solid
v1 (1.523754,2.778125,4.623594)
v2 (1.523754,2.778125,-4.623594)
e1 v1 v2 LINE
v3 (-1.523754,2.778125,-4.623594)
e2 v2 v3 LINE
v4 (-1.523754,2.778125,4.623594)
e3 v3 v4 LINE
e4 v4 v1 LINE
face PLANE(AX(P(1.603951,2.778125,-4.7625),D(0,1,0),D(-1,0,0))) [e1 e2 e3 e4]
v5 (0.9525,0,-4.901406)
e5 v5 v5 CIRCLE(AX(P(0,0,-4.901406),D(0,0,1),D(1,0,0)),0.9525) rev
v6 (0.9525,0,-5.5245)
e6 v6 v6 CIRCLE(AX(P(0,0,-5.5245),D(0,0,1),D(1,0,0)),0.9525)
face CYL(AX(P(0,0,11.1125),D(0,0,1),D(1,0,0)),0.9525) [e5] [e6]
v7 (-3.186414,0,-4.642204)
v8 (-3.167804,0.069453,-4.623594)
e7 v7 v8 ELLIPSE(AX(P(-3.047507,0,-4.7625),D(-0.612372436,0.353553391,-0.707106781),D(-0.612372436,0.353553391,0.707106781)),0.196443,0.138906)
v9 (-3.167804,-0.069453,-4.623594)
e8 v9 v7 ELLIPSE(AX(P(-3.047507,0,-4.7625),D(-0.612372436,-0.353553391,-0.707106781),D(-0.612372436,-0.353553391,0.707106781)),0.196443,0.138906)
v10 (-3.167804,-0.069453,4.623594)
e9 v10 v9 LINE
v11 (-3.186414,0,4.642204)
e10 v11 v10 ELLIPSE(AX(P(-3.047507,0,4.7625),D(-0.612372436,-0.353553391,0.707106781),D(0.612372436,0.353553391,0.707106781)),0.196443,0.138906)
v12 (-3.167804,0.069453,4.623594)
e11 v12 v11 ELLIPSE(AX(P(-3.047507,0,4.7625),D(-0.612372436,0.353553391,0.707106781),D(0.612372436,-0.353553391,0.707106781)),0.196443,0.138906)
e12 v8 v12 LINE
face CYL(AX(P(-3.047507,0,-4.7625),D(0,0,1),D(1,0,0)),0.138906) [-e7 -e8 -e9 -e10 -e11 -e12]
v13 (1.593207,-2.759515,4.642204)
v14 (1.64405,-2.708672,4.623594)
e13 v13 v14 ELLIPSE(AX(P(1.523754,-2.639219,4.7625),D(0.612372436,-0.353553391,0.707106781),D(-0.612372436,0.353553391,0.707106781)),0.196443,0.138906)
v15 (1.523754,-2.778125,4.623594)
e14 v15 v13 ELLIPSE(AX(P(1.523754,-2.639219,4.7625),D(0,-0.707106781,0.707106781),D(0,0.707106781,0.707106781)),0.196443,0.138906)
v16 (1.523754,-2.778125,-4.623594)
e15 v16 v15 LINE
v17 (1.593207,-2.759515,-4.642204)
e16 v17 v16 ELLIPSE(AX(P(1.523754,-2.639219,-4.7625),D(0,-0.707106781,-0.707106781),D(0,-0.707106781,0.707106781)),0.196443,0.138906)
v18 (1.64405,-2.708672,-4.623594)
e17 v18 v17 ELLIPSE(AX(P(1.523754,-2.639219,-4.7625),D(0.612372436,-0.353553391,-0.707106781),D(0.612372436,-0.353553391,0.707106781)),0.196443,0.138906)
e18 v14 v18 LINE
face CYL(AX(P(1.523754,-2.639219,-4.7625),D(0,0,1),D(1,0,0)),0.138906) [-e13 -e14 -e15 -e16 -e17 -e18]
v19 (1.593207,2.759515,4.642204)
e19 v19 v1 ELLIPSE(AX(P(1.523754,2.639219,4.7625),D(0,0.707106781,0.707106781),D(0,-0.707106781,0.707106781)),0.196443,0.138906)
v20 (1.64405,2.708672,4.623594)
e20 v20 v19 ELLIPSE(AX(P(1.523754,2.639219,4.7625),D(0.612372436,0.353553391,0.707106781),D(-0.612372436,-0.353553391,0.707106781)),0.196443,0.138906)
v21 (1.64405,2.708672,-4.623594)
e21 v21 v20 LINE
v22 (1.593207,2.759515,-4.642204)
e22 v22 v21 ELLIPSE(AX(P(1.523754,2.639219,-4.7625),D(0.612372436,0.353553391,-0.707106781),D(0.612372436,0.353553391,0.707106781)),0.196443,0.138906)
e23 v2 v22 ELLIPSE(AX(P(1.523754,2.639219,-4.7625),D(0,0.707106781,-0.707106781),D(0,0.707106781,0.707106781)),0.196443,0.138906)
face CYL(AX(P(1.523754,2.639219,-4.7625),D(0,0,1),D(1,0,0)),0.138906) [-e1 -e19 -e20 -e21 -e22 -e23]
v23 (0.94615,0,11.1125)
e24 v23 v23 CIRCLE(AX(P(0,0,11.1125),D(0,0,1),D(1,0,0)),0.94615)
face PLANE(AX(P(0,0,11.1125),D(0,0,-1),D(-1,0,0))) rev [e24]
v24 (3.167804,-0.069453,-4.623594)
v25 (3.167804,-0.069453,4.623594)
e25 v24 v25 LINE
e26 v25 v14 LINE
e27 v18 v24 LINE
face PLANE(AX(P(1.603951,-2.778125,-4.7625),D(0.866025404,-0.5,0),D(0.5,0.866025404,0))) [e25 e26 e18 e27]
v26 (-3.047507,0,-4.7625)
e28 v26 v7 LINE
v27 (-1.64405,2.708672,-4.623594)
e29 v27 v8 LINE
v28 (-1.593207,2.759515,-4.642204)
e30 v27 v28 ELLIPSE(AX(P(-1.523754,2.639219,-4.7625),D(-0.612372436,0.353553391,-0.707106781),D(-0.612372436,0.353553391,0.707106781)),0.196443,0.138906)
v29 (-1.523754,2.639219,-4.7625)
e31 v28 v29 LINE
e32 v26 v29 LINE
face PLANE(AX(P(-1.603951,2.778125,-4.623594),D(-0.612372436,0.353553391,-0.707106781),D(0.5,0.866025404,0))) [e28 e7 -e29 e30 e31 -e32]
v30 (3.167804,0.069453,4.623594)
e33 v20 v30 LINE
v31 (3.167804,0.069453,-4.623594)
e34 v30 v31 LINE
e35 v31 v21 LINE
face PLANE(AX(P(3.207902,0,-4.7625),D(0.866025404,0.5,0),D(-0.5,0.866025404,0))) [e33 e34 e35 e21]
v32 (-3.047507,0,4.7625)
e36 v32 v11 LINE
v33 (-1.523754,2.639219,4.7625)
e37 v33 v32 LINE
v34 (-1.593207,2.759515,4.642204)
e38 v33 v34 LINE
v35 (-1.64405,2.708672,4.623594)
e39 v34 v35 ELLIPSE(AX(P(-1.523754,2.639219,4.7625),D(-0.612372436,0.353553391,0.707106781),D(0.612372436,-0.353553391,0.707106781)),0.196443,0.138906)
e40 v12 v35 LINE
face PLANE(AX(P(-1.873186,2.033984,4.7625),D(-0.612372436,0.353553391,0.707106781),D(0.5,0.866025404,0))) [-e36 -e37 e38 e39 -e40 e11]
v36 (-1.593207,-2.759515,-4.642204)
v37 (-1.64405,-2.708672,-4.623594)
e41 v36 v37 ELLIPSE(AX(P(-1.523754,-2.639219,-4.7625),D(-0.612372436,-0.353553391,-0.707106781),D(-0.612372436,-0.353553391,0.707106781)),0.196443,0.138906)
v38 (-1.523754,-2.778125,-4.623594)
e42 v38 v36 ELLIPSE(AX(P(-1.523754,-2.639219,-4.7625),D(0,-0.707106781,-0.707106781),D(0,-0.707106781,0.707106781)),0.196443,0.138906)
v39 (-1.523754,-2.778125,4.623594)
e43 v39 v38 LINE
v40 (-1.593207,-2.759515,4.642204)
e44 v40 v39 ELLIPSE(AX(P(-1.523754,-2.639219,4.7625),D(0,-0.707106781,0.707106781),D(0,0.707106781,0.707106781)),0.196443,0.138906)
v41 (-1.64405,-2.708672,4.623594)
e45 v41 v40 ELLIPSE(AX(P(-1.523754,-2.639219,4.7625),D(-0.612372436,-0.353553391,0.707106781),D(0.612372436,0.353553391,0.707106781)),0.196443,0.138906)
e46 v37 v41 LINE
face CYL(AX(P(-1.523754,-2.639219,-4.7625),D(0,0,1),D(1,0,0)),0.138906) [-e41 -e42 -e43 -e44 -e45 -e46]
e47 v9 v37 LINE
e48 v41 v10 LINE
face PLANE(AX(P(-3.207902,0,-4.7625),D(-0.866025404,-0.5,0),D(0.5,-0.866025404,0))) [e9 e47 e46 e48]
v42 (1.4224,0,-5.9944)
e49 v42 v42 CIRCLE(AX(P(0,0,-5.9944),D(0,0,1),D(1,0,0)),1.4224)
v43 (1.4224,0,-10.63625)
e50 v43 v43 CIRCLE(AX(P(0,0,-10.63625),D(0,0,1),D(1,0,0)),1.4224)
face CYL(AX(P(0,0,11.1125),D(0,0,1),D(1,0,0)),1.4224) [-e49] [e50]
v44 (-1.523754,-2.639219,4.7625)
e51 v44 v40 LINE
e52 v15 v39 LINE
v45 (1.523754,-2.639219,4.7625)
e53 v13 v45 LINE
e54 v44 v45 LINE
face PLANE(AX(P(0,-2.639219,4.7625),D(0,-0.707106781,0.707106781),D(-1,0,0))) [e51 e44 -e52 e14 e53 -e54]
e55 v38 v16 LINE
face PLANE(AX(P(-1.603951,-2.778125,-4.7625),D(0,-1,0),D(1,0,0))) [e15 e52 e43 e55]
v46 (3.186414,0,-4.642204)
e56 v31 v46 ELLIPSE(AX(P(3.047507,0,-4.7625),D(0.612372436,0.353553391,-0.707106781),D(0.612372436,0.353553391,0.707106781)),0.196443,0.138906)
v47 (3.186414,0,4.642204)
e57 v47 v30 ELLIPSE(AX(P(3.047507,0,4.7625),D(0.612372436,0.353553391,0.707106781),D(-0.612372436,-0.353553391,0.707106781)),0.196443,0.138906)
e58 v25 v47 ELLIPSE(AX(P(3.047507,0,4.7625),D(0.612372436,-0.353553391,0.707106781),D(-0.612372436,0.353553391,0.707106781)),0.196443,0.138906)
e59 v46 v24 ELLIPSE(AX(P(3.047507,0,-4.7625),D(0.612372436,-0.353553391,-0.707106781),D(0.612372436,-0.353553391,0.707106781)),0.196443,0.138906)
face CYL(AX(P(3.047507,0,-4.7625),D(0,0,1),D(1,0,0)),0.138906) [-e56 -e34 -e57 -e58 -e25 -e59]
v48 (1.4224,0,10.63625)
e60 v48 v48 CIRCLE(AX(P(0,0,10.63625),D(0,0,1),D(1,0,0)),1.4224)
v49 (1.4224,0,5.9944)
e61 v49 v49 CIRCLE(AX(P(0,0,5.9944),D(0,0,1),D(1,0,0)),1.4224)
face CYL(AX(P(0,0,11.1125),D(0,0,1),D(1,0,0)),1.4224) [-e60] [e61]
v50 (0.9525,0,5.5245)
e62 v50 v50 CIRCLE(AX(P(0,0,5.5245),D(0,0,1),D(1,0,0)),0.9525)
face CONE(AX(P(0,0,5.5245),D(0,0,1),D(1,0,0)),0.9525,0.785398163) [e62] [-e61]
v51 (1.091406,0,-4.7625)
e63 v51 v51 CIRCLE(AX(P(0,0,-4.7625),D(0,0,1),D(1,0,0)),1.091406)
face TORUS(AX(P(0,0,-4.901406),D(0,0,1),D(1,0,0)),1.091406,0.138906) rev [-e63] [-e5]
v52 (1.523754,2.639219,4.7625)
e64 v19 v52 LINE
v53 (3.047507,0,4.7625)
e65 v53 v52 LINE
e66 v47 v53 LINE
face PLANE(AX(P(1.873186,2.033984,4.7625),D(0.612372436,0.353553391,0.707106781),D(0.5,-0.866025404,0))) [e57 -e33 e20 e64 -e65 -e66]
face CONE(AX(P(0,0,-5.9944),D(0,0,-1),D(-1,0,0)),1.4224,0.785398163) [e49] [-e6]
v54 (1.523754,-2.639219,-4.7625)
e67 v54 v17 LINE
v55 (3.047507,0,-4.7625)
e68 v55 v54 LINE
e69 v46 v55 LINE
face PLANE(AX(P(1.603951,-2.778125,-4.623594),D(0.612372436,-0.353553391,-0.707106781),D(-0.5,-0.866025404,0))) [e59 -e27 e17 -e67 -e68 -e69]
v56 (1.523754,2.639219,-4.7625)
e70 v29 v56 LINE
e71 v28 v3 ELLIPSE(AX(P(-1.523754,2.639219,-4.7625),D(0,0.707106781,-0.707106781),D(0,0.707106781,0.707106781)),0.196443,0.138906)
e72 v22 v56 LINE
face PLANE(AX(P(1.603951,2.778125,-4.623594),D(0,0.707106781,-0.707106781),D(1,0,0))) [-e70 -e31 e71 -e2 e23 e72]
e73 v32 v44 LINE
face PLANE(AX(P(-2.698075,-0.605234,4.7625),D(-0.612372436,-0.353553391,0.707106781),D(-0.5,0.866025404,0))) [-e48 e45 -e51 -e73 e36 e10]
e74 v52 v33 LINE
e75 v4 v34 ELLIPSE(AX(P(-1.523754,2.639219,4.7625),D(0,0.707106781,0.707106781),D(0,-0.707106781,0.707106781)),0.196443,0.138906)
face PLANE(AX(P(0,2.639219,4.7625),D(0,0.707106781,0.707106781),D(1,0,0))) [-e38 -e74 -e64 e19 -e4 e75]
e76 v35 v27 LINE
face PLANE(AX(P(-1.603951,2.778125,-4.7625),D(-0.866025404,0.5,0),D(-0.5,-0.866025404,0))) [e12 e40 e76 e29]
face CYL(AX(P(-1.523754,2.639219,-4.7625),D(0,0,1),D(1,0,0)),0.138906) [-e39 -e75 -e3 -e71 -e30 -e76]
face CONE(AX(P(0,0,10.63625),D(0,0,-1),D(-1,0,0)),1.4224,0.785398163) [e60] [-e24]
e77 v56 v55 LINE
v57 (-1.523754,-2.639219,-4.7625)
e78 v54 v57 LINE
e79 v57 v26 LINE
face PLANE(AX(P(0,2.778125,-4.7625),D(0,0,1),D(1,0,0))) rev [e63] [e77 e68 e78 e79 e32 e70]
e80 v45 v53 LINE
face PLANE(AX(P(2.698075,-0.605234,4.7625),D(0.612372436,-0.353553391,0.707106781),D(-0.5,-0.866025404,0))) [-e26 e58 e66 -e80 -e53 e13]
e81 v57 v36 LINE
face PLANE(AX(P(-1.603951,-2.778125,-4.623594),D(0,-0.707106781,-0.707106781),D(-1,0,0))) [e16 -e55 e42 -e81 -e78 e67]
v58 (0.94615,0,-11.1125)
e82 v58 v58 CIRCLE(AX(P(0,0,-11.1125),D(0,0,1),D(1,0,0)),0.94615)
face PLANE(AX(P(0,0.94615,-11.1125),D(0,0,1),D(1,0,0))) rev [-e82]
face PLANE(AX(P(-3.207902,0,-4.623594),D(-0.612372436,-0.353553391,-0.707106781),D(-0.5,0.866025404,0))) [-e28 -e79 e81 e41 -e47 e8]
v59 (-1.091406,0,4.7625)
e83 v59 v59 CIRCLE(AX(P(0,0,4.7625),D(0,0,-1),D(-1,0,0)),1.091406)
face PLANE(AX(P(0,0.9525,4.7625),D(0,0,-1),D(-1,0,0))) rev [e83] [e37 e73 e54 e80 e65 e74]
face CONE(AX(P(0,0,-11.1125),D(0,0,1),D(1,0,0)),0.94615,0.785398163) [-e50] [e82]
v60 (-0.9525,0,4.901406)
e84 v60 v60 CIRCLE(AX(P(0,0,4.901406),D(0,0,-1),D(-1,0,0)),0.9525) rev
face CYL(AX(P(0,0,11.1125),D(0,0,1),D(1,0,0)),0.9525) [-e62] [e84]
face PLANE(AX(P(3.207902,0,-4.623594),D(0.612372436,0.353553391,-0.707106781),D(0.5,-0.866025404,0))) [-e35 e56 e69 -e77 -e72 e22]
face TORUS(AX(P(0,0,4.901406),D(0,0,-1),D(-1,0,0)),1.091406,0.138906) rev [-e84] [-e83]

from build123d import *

# Parameters (mm, degrees)
BOSS_EXTRUDE1_DEPTH      = 4.7625
BOSS_EXTRUDE1_DEPTH_BACK = 4.7625
CHAMFER1_SIZE            = 0.13890625
FILLET1_R                = 0.13890625


with BuildPart() as part:
    # Sketch3 → Revolve1 (revolve)
    with BuildSketch(Plane(origin=(0, 0, 0), x_dir=(0, 0, -1), z_dir=(1, 0, 0)), mode=Mode.PRIVATE) as revolve1_sk:
        Polygon((11.1125, 0), (-11.1125, 0), (-11.1125, 0.94615), (-10.63625, 1.4224), (-5.9944, 1.4224), (-5.5245, 0.9525), (-4.7625, 0.9525), (-4.7625, 2.778125), (4.7625, 2.778125), (4.7625, 0.9525), (5.5245, 0.9525), (5.9944, 1.4224), (10.63625, 1.4224), (11.1125, 0.94615), align=None)
    revolve(revolve1_sk.sketch.rotate(Axis((0, 0, 11.1125), (0, 0, -1)), 90), axis=Axis((0, 0, 11.1125), (0, 0, -1)))

    # Sketch4 → Boss-Extrude1 (add, two sides: drawn at the far end of the back side and taken through both)
    with BuildSketch(Plane.XY.offset(-BOSS_EXTRUDE1_DEPTH_BACK)):
        Polygon((-3.207902433, 0), (-1.603951217, -2.778125), (1.603951217, -2.778125), (3.207902433, 0), (1.603951217, 2.778125), (-1.603951217, 2.778125), align=None)
    extrude(amount=BOSS_EXTRUDE1_DEPTH + BOSS_EXTRUDE1_DEPTH_BACK)

    # Chamfer1
    chamfer1_edges = [part.edges().sort_by_distance(p)[0] for p in [
        (2.405926825, 1.3890625, 4.7625),
        (0, 2.778125, 4.7625),
        (-2.405926825, 1.3890625, 4.7625),
        (-2.405926825, -1.3890625, 4.7625),
        (0, -2.778125, 4.7625),
        (2.405926825, -1.3890625, 4.7625),
        (-2.405926825, 1.3890625, -4.7625),
        (0, 2.778125, -4.7625),
        (2.405926825, 1.3890625, -4.7625),
        (2.405926825, -1.3890625, -4.7625),
        (0, -2.778125, -4.7625),
        (-2.405926825, -1.3890625, -4.7625),
    ]]
    chamfer(chamfer1_edges, length=CHAMFER1_SIZE)

    # Fillet1
    fillet1_edges = [part.edges().sort_by_distance(p)[0] for p in [
        (-0.9525, 0, -4.7625),
        (-0.9525, 0, 4.7625),
        (-3.207902433, 0, 0),
        (-1.603951217, 2.778125, 0),
        (-1.603951217, -2.778125, 0),
        (1.603951217, -2.778125, 0),
        (3.207902433, 0, 0),
        (1.603951217, 2.778125, 0),
    ]]
    fillet(fillet1_edges, radius=FILLET1_R)


solid = part.part
